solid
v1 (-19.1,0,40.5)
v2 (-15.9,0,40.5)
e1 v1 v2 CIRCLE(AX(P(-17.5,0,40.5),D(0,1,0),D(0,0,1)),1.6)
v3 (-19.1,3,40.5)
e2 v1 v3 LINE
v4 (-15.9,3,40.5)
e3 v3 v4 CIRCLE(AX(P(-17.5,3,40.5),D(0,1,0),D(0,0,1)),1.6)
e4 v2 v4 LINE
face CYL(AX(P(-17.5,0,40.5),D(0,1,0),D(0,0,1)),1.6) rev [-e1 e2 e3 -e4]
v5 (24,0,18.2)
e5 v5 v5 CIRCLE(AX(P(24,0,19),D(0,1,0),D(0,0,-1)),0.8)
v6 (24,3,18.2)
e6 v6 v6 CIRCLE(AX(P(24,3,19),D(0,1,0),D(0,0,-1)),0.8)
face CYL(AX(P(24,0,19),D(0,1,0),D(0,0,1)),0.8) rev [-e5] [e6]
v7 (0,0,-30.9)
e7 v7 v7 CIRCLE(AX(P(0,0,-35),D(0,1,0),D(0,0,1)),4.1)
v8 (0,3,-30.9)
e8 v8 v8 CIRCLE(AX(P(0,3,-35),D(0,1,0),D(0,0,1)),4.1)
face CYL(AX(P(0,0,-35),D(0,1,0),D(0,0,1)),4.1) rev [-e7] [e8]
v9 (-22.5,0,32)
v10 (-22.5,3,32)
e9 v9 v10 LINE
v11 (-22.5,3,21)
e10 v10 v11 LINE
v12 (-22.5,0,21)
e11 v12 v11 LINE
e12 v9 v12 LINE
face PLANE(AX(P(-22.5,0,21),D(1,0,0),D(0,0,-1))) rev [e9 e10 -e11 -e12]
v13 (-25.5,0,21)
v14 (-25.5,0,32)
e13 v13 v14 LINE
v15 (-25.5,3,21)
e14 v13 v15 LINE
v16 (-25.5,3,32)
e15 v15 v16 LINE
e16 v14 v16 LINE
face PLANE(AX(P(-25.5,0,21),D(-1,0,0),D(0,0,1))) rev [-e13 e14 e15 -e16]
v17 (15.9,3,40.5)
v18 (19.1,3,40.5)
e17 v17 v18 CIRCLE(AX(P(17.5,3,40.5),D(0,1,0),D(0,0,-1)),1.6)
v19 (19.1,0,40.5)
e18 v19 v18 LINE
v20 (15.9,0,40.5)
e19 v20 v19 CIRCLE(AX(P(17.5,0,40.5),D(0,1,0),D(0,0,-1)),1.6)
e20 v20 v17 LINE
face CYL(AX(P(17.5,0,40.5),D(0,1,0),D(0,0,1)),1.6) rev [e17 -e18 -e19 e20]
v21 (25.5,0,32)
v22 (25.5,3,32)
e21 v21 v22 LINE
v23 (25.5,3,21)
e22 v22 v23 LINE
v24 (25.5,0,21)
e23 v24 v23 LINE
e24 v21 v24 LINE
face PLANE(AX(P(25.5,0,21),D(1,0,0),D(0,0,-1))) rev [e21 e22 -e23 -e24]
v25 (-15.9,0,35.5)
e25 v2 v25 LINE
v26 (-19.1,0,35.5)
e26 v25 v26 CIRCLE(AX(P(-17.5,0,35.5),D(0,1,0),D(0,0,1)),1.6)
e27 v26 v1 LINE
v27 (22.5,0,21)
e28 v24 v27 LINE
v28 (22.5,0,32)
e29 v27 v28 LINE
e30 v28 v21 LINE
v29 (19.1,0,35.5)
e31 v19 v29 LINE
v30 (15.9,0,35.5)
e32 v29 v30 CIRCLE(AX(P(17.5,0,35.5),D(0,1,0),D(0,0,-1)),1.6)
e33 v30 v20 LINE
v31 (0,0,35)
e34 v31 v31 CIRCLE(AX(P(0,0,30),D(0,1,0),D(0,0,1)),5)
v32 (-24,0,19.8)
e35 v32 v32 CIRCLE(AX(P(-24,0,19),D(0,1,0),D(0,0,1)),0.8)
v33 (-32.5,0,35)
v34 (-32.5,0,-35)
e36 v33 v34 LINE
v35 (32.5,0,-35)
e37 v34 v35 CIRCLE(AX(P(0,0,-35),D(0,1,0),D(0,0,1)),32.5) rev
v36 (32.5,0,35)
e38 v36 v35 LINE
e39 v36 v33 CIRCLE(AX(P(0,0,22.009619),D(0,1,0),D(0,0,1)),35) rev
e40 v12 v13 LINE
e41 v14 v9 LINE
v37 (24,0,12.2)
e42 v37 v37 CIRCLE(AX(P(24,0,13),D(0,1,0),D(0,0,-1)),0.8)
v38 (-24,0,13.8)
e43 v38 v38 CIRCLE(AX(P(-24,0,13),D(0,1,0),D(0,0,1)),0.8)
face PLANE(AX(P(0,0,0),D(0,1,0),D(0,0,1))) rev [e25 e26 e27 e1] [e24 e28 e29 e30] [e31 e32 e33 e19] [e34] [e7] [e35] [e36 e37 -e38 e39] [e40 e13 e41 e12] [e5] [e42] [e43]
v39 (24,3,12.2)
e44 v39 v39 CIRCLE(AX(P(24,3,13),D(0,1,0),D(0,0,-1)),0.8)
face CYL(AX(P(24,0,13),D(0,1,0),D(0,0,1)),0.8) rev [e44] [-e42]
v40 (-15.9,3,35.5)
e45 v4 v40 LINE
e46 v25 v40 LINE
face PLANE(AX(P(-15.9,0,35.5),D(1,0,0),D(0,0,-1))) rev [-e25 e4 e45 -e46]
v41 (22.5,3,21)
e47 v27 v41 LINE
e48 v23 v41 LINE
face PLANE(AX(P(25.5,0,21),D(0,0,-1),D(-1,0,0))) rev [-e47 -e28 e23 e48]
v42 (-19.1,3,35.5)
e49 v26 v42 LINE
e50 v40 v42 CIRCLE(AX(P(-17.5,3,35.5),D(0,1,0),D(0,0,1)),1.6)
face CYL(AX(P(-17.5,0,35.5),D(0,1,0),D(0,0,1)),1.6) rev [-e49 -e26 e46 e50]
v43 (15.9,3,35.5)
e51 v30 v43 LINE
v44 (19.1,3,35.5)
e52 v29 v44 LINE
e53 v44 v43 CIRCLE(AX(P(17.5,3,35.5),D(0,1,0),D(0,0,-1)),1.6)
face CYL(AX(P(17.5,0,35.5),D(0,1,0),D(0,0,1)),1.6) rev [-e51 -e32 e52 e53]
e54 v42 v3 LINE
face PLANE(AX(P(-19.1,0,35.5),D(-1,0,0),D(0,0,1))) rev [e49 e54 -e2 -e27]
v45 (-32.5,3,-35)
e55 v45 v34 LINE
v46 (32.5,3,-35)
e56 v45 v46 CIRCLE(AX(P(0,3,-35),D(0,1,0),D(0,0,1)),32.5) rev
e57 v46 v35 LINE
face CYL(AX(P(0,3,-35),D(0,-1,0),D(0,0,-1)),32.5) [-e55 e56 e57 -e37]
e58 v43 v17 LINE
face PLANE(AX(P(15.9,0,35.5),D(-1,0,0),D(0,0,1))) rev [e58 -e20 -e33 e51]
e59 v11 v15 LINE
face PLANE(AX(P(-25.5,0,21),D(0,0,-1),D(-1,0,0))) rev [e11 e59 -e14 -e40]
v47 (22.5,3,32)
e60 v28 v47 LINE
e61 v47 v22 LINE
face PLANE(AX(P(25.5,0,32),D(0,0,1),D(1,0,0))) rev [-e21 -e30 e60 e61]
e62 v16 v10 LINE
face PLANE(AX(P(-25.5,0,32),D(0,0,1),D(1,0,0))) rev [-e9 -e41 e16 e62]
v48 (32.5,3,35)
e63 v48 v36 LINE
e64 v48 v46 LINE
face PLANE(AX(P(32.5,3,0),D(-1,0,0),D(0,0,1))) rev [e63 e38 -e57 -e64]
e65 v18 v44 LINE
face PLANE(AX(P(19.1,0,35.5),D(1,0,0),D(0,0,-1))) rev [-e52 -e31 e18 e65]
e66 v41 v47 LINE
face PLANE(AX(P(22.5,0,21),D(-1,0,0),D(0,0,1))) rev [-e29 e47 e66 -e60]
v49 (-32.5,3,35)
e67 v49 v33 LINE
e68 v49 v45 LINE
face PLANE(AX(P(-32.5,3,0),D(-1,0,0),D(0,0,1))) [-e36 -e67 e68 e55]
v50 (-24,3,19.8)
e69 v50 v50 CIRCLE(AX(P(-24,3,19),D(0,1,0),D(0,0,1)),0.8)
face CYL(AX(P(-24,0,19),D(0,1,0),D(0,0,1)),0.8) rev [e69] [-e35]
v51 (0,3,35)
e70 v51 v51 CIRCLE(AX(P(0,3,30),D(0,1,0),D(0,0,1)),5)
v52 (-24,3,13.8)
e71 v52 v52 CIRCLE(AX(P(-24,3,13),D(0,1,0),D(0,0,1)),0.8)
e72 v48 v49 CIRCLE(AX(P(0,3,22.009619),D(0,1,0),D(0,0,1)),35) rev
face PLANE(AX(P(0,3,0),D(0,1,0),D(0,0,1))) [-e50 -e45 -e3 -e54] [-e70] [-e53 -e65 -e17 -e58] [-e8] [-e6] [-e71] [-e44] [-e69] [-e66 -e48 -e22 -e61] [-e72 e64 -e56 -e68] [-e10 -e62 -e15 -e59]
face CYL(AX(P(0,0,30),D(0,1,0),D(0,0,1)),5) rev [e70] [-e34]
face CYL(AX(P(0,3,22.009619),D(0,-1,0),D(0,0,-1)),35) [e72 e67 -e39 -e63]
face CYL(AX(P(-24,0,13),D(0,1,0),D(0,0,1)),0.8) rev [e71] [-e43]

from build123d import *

# Parameters (mm, degrees)
BOSS_EXTRUDE1_DEPTH = 3
SKETCH2_R           = 4.1
SKETCH2_R_2         = 5
SKETCH2_R_3         = 1.6
CUT_EXTRUDE1_DEPTH  = 4
SKETCH3_R           = 0.8
SKETCH3_W           = 3
SKETCH3_H           = 11
CUT_EXTRUDE2_DEPTH  = 4
CUT_EXTRUDE3_DEPTH  = 4


with BuildPart() as part:
    # Sketch1 → Boss-Extrude1 (new body)
    with BuildSketch(Plane(origin=(0, 0, 0), x_dir=(1, 0, 0), z_dir=(0, 1, 0))):
        with BuildLine():
            Line((-32.5, -35), (-32.5, 35))
            ThreePointArc((-32.5, 35), (0, 67.5), (32.5, 35))
            Line((32.5, 35), (32.5, -35))
            ThreePointArc((32.5, -35), (0, -57.009618943), (-32.5, -35))
        make_face()
    extrude(amount=BOSS_EXTRUDE1_DEPTH)

    # Sketch2 → Cut-Extrude1 (cut, through all)
    with BuildSketch(Plane(origin=(0, 3, 0), x_dir=(1, 0, 0), z_dir=(0, 1, 0))):
        with Locations((0, 35)):
            Circle(SKETCH2_R)
        with Locations((0, -30)):
            Circle(SKETCH2_R_2)
        with Locations((-17.5, -38)):
            Circle(SKETCH2_R_3)
        with Locations((17.5, -38)):
            Circle(SKETCH2_R_3)
    extrude(amount=-CUT_EXTRUDE1_DEPTH, mode=Mode.SUBTRACT)

    # Sketch3 → Cut-Extrude2 (cut, through all)
    with BuildSketch(Plane(origin=(0, 3, 0), x_dir=(1, 0, 0), z_dir=(0, 1, 0))):
        with Locations((-24, -13)):
            Circle(SKETCH3_R)
        with Locations((-24, -19)):
            Circle(SKETCH3_R)
        with Locations((24, -19)):
            Circle(SKETCH3_R)
        with Locations((24, -13)):
            Circle(SKETCH3_R)
        with Locations((24, -26.5)):
            Rectangle(SKETCH3_W, SKETCH3_H)
        with Locations((-24, -26.5)):
            Rectangle(SKETCH3_W, SKETCH3_H)
    extrude(amount=-CUT_EXTRUDE2_DEPTH, mode=Mode.SUBTRACT)

    # Sketch4 → Cut-Extrude3 (cut, through all)
    with BuildSketch(Plane(origin=(0, 3, 0), x_dir=(1, 0, 0), z_dir=(0, 1, 0))):
        with BuildLine():
            Line((-15.9, -35.5), (-15.9, -40.5))
            ThreePointArc((-15.9, -40.5), (-17.5, -42.1), (-19.1, -40.5))
            Line((-19.1, -40.5), (-19.1, -35.5))
            ThreePointArc((-19.1, -35.5), (-17.5, -33.9), (-15.9, -35.5))
        make_face()
        with BuildLine():
            Line((15.9, -35.5), (15.9, -40.5))
            ThreePointArc((15.9, -40.5), (17.5, -42.1), (19.1, -40.5))
            Line((19.1, -40.5), (19.1, -35.5))
            ThreePointArc((19.1, -35.5), (17.5, -33.9), (15.9, -35.5))
        make_face()
    extrude(amount=-CUT_EXTRUDE3_DEPTH, mode=Mode.SUBTRACT)


solid = part.part
